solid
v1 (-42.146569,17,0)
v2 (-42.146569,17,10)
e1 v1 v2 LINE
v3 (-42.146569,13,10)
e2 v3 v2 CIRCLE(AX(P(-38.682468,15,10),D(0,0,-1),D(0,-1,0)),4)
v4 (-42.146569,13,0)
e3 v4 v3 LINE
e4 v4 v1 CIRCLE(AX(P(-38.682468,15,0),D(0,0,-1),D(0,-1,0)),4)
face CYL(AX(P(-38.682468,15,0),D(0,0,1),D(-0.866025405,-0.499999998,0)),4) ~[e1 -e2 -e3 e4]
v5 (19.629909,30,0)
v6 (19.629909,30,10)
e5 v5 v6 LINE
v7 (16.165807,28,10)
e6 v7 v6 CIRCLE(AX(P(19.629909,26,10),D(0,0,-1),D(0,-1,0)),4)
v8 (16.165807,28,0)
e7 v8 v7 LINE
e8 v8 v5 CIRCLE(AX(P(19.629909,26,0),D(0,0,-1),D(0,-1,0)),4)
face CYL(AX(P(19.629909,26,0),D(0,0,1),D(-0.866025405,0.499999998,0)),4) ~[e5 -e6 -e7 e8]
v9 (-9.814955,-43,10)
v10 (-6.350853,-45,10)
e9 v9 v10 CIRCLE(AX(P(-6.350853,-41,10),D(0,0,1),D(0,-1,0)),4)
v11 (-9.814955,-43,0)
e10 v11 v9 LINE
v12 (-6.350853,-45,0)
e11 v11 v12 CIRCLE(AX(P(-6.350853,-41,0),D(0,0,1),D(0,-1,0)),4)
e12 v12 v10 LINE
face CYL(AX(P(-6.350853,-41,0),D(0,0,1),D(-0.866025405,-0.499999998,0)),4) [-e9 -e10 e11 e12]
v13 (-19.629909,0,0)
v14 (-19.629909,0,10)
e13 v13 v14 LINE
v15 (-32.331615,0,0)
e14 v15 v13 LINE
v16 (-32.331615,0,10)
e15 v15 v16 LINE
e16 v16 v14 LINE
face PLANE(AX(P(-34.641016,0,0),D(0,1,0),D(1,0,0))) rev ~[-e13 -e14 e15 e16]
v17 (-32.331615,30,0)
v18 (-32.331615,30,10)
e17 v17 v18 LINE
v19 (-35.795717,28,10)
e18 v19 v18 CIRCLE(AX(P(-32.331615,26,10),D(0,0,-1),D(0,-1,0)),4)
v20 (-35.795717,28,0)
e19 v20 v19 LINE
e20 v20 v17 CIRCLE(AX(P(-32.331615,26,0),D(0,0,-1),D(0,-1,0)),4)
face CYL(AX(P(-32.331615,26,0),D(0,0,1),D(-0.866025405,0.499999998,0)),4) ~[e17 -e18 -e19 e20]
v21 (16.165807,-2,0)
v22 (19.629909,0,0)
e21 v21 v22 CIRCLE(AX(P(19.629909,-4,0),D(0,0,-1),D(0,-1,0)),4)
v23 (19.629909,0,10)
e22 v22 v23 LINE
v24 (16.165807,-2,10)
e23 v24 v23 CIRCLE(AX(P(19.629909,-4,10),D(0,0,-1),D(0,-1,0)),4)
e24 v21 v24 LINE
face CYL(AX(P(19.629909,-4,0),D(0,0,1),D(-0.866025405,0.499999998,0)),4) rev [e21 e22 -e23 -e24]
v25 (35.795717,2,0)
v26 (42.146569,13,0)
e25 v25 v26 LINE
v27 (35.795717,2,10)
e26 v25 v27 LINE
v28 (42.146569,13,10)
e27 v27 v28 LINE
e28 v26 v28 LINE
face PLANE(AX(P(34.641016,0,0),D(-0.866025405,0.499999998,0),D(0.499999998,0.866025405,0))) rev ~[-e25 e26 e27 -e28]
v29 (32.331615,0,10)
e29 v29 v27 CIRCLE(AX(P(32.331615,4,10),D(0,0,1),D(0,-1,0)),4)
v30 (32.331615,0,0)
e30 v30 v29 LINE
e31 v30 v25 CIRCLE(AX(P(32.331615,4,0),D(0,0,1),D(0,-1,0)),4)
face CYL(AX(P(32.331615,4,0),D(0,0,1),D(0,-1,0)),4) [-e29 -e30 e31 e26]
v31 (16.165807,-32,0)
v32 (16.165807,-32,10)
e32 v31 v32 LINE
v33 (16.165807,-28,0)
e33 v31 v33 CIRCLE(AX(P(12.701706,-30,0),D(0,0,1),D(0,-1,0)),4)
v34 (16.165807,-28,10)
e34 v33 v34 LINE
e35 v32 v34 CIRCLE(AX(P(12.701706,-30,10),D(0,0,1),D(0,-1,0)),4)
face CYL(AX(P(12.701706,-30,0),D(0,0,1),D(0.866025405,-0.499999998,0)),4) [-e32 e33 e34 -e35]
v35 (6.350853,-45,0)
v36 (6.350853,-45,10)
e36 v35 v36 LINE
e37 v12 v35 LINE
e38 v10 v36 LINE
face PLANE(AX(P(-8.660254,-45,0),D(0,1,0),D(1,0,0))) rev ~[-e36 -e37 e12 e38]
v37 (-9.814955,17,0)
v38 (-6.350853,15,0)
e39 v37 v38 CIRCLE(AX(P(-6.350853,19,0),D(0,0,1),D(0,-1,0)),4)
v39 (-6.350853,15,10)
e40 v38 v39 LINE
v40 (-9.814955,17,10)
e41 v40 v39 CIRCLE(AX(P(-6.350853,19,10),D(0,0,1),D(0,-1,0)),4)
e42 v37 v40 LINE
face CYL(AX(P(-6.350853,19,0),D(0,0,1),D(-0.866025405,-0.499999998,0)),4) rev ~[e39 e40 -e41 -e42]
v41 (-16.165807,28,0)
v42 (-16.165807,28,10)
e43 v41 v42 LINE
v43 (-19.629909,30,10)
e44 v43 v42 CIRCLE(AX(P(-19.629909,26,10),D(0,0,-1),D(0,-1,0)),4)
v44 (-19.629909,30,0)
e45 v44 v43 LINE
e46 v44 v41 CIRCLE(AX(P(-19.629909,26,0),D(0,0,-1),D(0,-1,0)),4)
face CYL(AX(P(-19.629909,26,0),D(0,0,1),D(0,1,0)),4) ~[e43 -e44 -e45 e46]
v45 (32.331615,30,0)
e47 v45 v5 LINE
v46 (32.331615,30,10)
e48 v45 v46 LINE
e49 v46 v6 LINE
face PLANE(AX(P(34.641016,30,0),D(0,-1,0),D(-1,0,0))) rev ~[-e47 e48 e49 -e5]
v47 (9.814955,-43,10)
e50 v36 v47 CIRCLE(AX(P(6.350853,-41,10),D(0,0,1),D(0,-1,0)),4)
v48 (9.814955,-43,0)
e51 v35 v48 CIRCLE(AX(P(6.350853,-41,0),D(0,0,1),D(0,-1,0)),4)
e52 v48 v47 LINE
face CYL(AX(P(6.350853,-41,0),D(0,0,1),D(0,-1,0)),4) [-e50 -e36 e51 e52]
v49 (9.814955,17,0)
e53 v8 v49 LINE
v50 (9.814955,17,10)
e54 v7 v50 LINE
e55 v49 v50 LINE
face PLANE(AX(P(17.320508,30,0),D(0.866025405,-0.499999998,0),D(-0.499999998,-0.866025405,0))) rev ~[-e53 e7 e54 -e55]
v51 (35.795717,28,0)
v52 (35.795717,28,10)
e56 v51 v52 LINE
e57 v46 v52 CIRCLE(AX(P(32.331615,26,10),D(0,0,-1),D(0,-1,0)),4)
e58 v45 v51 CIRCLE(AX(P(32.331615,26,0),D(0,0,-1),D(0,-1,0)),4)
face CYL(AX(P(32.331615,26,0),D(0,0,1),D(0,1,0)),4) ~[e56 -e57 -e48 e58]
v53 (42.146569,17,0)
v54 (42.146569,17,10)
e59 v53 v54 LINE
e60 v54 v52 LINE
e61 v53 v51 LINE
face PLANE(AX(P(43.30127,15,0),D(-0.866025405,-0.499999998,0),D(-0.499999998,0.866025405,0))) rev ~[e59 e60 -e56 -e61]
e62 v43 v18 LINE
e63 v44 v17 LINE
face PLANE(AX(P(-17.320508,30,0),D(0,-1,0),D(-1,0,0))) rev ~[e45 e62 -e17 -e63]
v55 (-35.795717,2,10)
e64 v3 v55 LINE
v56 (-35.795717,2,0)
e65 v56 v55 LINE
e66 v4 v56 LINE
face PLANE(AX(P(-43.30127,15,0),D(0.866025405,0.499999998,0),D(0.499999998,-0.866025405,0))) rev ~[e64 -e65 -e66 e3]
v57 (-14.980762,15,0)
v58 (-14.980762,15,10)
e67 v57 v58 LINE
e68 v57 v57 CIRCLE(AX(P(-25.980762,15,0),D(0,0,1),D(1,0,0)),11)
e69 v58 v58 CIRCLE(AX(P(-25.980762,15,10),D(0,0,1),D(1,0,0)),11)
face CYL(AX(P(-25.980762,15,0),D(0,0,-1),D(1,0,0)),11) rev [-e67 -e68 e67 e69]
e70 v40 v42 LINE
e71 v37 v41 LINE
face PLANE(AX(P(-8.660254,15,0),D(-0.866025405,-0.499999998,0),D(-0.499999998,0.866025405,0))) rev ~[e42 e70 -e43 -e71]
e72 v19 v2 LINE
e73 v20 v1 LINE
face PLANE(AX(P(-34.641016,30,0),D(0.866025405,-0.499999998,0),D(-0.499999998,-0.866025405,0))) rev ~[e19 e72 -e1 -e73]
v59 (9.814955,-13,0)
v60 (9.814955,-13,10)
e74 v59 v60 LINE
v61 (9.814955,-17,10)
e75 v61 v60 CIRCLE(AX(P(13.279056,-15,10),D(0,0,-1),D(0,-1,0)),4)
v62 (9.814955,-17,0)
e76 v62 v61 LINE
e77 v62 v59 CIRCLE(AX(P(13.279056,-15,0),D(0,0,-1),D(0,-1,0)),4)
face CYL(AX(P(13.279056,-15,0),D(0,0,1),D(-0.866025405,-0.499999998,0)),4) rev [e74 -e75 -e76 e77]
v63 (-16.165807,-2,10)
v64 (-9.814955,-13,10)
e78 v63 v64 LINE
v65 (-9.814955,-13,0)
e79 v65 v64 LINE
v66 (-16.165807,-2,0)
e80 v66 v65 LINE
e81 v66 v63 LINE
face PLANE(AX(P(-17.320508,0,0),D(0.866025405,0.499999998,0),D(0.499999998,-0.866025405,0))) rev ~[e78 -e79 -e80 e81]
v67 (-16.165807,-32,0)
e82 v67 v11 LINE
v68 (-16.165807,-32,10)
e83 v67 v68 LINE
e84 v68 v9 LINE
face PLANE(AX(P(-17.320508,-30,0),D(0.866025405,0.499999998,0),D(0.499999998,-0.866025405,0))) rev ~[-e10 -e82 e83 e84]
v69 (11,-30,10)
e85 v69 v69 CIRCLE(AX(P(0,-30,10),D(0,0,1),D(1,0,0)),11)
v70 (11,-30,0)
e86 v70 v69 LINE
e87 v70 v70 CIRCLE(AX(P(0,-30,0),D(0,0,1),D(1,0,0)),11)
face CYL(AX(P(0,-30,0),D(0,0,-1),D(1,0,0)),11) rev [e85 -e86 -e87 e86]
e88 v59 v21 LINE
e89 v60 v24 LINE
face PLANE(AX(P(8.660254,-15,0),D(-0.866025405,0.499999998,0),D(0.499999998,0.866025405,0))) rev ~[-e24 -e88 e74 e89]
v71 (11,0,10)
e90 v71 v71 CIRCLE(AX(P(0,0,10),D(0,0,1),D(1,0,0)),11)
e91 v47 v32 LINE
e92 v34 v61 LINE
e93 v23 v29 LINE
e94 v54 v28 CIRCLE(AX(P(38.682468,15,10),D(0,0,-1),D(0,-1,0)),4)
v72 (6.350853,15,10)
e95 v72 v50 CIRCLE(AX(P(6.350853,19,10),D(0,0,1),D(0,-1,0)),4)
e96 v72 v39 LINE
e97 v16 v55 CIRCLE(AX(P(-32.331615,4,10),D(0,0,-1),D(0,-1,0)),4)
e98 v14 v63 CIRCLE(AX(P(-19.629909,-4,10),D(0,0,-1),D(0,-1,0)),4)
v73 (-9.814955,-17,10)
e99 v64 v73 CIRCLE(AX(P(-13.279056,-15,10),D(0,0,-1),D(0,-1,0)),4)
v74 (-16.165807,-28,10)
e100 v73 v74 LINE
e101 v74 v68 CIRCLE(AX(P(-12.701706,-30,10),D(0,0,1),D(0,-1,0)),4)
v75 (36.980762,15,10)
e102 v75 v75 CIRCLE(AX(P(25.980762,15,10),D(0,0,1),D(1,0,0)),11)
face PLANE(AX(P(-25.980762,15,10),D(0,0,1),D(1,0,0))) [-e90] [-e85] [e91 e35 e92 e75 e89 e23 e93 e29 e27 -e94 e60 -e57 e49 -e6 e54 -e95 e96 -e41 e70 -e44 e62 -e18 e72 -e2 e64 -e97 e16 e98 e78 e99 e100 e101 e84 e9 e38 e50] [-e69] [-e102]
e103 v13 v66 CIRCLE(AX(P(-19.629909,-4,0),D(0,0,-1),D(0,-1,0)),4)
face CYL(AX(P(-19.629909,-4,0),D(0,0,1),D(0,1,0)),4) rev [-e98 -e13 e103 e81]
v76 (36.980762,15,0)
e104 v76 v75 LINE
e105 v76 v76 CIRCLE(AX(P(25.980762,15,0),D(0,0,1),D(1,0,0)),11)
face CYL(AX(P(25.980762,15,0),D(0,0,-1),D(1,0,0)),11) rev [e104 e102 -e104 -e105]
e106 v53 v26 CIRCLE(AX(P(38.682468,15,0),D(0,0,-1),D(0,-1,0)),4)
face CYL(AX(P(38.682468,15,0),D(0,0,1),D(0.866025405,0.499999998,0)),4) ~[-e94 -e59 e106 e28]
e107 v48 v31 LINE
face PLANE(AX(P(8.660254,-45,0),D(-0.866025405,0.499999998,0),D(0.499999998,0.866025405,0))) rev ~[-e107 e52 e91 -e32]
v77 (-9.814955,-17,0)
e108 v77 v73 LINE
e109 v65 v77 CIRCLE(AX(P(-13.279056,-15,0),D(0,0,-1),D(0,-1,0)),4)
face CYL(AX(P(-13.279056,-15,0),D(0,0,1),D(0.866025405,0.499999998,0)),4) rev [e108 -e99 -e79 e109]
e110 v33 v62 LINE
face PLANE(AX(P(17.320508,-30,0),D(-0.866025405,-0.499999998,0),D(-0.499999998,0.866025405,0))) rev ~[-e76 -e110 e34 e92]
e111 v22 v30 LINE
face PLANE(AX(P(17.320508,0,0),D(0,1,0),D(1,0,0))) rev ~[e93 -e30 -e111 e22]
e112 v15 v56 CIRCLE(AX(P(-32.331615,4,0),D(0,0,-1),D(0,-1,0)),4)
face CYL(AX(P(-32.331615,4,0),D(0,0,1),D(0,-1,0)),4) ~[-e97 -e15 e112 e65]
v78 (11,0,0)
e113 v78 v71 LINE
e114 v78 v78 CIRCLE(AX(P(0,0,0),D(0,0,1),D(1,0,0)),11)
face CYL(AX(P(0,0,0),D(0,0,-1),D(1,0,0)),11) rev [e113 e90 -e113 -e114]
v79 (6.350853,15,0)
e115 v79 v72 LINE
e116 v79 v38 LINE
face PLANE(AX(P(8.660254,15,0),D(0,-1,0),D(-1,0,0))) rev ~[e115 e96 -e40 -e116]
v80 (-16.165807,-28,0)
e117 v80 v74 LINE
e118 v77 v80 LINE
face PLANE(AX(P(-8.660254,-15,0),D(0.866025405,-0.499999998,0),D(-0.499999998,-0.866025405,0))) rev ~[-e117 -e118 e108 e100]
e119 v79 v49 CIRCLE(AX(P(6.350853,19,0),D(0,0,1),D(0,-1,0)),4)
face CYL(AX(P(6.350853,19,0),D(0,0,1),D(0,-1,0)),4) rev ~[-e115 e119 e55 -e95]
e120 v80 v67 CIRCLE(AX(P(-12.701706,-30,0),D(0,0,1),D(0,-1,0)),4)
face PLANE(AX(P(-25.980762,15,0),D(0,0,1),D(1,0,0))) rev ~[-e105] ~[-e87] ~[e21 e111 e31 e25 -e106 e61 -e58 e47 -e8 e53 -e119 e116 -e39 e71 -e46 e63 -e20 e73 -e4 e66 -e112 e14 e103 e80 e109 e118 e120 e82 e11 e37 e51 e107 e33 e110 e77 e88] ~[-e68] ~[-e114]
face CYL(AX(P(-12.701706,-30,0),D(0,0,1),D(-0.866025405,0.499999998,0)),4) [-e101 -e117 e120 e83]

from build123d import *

# Parameters (mm, degrees)
F0_R     = 11
F1_DEPTH = 10
F2_R     = 4


with BuildPart() as f1:
    # F0 (on Top) → F1 (new body)
    with BuildSketch(Plane.XY):
        Polygon((-34.641016, 0), (-17.320508, 0), (-8.660254, 15), (-17.320508, 30), (-34.641016, 30), (-43.30127, 15), align=None)
        with Locations((-25.980762, 15)):
            Circle(F0_R, mode=Mode.SUBTRACT)
        Polygon((-8.660254, -15), (8.660254, -15), (17.320508, 0), (8.660254, 15), (-8.660254, 15), (-17.320508, 0), align=None)
        Circle(F0_R, mode=Mode.SUBTRACT)
        Polygon((8.660254, 15), (17.320508, 0), (34.641016, 0), (43.30127, 15), (34.641016, 30), (17.320508, 30), align=None)
        with Locations((25.980762, 15)):
            Circle(F0_R, mode=Mode.SUBTRACT)
        Polygon((17.320508, -30), (8.660254, -15), (-8.660254, -15), (-17.320508, -30), (-8.660254, -45), (8.660254, -45), align=None)
        with Locations((0, -30)):
            Circle(F0_R, mode=Mode.SUBTRACT)
    extrude(amount=F1_DEPTH)

    # F2
    f2_edges = [f1.edges().sort_by_distance(p)[0] for p in [
        (8.660254, -45, 5),
        (17.320508, -30, 5),
        (8.660254, -15, 5),
        (34.641016, 0, 5),
        (17.320508, 0, 5),
        (43.30127, 15, 5),
        (34.641016, 30, 5),
        (17.320508, 30, 5),
        (8.660254, 15, 5),
        (-8.660254, 15, 5),
        (-17.320508, 30, 5),
        (-34.641016, 30, 5),
        (-43.30127, 15, 5),
        (-34.641016, 0, 5),
        (-17.320508, 0, 5),
        (-8.660254, -15, 5),
        (-17.320508, -30, 5),
        (-8.660254, -45, 5),
    ]]
    fillet(f2_edges, radius=F2_R)


solid = f1.part
